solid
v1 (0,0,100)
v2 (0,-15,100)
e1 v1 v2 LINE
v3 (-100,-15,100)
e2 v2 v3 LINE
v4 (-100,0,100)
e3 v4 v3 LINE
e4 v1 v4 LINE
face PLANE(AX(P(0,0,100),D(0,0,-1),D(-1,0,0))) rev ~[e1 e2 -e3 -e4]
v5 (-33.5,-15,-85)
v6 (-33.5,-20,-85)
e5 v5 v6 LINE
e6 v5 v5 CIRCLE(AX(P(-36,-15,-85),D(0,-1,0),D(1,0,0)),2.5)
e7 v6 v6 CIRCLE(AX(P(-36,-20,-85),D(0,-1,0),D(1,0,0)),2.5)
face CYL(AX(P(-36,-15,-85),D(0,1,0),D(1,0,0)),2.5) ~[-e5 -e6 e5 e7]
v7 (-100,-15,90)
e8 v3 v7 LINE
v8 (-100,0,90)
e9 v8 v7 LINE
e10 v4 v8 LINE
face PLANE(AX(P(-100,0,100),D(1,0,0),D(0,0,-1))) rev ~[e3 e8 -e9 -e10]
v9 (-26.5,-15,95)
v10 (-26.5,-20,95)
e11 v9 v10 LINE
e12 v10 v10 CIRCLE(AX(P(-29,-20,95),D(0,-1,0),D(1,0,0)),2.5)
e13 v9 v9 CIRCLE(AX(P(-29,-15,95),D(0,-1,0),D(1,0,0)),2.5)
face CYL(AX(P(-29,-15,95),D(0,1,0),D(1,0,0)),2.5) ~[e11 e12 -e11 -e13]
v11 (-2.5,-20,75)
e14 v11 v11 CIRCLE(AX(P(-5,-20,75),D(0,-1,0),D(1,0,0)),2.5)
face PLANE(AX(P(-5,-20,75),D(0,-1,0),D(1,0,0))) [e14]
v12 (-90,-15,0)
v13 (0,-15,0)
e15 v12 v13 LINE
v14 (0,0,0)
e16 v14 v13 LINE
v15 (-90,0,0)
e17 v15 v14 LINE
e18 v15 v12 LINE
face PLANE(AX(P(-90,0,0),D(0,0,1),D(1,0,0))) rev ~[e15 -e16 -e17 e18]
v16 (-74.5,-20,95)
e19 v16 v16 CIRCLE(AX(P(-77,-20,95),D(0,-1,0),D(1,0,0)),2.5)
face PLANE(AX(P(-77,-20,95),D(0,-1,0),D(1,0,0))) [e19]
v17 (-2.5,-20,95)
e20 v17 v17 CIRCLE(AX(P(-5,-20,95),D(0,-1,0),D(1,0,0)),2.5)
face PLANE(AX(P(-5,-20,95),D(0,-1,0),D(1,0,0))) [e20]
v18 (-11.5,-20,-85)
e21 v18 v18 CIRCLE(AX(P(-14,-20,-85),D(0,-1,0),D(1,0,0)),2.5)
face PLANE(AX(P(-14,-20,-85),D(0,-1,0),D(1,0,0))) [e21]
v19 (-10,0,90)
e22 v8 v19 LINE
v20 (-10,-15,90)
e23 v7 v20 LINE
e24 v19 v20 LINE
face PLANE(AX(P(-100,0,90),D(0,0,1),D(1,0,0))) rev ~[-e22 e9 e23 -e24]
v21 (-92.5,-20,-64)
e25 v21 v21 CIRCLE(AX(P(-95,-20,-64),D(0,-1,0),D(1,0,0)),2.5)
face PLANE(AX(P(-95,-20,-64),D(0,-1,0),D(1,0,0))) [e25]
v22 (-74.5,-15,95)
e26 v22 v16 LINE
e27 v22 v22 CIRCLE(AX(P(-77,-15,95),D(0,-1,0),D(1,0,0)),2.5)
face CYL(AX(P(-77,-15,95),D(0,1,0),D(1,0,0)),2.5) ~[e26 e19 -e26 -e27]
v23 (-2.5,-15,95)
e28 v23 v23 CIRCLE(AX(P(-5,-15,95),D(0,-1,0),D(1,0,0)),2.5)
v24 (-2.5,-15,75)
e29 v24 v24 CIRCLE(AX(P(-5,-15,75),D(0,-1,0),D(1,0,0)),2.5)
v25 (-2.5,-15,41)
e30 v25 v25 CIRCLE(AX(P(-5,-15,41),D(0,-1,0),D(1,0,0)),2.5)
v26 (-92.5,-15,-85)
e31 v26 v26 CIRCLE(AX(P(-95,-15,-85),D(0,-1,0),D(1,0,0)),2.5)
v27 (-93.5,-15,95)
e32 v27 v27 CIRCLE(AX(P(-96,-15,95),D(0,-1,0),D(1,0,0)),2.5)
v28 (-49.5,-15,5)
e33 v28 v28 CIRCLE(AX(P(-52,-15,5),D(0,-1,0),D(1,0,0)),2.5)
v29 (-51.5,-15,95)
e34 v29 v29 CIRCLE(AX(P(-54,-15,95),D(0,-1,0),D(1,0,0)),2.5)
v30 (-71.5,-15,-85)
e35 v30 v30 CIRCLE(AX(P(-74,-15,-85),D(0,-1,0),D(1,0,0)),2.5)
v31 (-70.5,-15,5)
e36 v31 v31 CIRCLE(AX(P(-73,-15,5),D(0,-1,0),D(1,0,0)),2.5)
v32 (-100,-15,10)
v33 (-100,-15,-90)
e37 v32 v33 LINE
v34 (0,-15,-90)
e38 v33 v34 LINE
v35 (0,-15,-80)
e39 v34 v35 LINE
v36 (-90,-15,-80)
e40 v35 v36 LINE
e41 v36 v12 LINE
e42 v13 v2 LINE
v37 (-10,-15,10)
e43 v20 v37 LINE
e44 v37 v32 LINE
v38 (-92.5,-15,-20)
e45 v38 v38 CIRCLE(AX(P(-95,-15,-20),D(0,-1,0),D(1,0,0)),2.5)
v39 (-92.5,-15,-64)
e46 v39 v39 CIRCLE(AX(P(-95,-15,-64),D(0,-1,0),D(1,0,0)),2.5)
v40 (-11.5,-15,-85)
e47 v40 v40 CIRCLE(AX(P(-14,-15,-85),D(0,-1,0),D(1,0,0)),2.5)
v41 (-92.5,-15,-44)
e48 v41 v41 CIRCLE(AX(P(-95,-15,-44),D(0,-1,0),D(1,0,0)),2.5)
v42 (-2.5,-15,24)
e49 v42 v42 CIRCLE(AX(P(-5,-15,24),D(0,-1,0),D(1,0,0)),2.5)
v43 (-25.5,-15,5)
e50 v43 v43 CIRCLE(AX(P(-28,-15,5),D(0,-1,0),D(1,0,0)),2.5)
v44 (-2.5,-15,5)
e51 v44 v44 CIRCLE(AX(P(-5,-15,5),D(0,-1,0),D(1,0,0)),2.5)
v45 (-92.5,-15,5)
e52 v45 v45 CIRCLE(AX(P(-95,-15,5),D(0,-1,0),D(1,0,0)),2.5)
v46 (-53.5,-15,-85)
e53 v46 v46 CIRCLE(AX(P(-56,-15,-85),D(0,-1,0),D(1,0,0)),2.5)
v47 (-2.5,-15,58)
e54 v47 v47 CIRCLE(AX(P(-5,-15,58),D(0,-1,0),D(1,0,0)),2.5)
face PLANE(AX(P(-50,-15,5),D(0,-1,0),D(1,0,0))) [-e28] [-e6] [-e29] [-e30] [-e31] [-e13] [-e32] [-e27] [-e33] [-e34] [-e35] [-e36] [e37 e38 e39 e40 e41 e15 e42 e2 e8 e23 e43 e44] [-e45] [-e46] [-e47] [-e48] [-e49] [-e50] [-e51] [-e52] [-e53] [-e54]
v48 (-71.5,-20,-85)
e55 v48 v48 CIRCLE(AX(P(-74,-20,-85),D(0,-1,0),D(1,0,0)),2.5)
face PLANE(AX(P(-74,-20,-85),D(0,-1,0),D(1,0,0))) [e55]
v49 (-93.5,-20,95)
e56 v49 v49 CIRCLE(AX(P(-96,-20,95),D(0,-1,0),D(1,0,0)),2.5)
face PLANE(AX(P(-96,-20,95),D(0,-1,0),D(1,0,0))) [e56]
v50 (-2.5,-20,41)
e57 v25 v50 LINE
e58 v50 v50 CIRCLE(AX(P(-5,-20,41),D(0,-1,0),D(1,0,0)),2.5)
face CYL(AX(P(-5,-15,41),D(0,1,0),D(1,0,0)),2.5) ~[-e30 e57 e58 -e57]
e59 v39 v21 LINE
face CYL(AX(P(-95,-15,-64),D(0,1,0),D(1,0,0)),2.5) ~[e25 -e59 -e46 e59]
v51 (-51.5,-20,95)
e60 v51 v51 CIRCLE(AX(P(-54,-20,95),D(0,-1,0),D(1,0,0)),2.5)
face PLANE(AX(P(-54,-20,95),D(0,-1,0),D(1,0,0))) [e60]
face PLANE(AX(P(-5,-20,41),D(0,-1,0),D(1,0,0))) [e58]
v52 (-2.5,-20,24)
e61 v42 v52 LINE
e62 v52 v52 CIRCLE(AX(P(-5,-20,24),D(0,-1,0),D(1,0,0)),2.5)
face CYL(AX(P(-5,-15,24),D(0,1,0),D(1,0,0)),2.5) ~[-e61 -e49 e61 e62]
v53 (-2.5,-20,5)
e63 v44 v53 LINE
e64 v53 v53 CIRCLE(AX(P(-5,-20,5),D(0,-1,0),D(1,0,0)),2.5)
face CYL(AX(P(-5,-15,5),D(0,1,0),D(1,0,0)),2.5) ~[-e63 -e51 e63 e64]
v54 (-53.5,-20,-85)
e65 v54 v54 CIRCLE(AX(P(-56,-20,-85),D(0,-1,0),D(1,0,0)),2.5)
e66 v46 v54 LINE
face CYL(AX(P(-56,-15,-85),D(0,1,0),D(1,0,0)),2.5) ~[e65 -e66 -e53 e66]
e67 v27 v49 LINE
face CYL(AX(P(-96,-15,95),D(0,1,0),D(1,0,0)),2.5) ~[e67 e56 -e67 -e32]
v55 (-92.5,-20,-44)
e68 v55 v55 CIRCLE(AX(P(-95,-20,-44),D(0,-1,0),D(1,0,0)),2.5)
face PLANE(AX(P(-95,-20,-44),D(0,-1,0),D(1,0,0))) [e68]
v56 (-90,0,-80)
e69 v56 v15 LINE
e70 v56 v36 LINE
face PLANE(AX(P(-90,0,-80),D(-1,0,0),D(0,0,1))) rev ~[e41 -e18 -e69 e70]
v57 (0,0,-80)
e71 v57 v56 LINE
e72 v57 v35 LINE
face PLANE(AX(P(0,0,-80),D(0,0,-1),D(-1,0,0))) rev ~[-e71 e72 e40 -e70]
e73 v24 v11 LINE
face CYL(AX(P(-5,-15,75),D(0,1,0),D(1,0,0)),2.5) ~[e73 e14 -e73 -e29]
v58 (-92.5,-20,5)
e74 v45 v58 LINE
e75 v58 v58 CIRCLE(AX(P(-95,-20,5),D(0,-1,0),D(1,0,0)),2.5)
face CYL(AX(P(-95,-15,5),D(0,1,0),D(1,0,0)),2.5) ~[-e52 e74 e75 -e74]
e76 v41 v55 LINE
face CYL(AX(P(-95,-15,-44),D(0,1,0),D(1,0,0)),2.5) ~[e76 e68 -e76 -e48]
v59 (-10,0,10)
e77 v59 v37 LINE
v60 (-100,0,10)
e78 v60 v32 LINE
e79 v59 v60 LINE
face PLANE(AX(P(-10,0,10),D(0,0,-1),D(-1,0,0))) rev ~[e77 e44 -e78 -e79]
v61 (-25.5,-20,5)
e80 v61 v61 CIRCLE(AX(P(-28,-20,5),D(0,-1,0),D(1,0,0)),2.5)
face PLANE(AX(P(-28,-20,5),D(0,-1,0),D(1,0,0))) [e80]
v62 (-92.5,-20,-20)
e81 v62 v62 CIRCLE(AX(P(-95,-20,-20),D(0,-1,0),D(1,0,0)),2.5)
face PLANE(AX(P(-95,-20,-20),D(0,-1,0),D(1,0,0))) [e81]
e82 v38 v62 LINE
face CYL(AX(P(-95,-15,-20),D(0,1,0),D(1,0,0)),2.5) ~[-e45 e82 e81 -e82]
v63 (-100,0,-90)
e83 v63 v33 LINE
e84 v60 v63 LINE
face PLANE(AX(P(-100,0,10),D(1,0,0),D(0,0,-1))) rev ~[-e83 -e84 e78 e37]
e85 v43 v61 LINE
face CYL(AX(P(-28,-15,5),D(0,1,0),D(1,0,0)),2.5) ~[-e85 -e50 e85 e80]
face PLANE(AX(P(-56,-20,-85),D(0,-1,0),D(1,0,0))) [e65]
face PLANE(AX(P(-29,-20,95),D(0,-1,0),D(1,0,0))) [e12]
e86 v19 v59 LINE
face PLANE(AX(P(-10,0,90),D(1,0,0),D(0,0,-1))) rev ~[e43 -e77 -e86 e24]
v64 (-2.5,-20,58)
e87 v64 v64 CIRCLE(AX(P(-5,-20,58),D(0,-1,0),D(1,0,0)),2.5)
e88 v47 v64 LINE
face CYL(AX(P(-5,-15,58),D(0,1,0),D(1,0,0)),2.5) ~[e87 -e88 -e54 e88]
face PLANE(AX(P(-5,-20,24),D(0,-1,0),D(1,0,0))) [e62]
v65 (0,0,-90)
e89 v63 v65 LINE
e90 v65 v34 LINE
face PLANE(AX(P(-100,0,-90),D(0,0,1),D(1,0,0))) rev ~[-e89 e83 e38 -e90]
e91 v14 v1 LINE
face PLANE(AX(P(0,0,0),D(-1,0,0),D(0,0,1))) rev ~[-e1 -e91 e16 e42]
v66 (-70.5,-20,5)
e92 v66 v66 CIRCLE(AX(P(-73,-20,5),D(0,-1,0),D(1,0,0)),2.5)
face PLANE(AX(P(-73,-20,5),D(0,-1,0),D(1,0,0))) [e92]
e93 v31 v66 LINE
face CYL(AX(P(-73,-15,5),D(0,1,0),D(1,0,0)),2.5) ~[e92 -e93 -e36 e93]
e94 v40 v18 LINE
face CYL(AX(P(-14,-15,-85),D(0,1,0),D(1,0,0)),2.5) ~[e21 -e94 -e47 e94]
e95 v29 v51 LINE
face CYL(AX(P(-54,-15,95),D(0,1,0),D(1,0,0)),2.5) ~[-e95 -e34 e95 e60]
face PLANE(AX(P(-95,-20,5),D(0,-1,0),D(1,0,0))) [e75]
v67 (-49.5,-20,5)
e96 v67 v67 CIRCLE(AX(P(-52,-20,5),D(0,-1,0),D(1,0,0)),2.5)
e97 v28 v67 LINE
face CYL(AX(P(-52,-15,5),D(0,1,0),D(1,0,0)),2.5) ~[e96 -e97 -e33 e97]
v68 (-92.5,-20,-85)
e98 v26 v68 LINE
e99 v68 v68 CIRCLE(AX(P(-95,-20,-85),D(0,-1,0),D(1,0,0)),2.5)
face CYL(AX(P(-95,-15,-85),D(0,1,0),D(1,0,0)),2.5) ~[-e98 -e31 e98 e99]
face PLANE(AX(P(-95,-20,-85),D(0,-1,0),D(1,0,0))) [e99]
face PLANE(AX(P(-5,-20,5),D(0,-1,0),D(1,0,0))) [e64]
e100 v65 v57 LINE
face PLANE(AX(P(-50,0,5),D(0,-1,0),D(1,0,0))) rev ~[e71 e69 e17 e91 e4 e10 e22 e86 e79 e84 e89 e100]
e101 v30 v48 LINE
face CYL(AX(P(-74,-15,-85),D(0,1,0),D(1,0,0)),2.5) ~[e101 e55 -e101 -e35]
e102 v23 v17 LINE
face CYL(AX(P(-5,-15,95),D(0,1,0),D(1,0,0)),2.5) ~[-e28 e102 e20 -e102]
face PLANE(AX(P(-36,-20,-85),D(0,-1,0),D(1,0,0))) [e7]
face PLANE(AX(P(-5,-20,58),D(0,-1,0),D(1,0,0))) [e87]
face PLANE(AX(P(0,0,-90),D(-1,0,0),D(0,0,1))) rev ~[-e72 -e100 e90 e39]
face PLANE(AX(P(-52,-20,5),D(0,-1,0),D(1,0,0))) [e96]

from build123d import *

# Parameters (mm, degrees)
F1_DEPTH = 15
F2_R     = 2.5
F3_DEPTH = 5


with BuildPart() as f1:
    # F0 (on Front) → F1 (new body)
    with BuildSketch(Plane.XZ):
        Polygon((-10, 10), (-100, 10), (-100, -90), (0, -90), (0, -80), (-90, -80), (-90, 0), (0, 0), (0, 100), (-100, 100), (-100, 90), (-10, 90), align=None)
    extrude(amount=F1_DEPTH)

    # F2 (on face) → F3 (join)
    with BuildSketch(Plane.XZ.offset(15)):
        with Locations((-14, -85)):
            Circle(F2_R)
        with Locations((-36, -85)):
            Circle(F2_R)
        with Locations((-56, -85)):
            Circle(F2_R)
        with Locations((-74, -85)):
            Circle(F2_R)
        with Locations((-95, -85)):
            Circle(F2_R)
        with Locations((-95, -64)):
            Circle(F2_R)
        with Locations((-95, -44)):
            Circle(F2_R)
        with Locations((-95, -20)):
            Circle(F2_R)
        with Locations((-95, 5)):
            Circle(F2_R)
        with Locations((-73, 5)):
            Circle(F2_R)
        with Locations((-52, 5)):
            Circle(F2_R)
        with Locations((-28, 5)):
            Circle(F2_R)
        with Locations((-5, 5)):
            Circle(F2_R)
        with Locations((-5, 24)):
            Circle(F2_R)
        with Locations((-5, 41)):
            Circle(F2_R)
        with Locations((-5, 58)):
            Circle(F2_R)
        with Locations((-5, 75)):
            Circle(F2_R)
        with Locations((-5, 95)):
            Circle(F2_R)
        with Locations((-96, 95)):
            Circle(F2_R)
        with Locations((-77, 95)):
            Circle(F2_R)
        with Locations((-54, 95)):
            Circle(F2_R)
        with Locations((-29, 95)):
            Circle(F2_R)
    extrude(amount=F3_DEPTH)


solid = f1.part
